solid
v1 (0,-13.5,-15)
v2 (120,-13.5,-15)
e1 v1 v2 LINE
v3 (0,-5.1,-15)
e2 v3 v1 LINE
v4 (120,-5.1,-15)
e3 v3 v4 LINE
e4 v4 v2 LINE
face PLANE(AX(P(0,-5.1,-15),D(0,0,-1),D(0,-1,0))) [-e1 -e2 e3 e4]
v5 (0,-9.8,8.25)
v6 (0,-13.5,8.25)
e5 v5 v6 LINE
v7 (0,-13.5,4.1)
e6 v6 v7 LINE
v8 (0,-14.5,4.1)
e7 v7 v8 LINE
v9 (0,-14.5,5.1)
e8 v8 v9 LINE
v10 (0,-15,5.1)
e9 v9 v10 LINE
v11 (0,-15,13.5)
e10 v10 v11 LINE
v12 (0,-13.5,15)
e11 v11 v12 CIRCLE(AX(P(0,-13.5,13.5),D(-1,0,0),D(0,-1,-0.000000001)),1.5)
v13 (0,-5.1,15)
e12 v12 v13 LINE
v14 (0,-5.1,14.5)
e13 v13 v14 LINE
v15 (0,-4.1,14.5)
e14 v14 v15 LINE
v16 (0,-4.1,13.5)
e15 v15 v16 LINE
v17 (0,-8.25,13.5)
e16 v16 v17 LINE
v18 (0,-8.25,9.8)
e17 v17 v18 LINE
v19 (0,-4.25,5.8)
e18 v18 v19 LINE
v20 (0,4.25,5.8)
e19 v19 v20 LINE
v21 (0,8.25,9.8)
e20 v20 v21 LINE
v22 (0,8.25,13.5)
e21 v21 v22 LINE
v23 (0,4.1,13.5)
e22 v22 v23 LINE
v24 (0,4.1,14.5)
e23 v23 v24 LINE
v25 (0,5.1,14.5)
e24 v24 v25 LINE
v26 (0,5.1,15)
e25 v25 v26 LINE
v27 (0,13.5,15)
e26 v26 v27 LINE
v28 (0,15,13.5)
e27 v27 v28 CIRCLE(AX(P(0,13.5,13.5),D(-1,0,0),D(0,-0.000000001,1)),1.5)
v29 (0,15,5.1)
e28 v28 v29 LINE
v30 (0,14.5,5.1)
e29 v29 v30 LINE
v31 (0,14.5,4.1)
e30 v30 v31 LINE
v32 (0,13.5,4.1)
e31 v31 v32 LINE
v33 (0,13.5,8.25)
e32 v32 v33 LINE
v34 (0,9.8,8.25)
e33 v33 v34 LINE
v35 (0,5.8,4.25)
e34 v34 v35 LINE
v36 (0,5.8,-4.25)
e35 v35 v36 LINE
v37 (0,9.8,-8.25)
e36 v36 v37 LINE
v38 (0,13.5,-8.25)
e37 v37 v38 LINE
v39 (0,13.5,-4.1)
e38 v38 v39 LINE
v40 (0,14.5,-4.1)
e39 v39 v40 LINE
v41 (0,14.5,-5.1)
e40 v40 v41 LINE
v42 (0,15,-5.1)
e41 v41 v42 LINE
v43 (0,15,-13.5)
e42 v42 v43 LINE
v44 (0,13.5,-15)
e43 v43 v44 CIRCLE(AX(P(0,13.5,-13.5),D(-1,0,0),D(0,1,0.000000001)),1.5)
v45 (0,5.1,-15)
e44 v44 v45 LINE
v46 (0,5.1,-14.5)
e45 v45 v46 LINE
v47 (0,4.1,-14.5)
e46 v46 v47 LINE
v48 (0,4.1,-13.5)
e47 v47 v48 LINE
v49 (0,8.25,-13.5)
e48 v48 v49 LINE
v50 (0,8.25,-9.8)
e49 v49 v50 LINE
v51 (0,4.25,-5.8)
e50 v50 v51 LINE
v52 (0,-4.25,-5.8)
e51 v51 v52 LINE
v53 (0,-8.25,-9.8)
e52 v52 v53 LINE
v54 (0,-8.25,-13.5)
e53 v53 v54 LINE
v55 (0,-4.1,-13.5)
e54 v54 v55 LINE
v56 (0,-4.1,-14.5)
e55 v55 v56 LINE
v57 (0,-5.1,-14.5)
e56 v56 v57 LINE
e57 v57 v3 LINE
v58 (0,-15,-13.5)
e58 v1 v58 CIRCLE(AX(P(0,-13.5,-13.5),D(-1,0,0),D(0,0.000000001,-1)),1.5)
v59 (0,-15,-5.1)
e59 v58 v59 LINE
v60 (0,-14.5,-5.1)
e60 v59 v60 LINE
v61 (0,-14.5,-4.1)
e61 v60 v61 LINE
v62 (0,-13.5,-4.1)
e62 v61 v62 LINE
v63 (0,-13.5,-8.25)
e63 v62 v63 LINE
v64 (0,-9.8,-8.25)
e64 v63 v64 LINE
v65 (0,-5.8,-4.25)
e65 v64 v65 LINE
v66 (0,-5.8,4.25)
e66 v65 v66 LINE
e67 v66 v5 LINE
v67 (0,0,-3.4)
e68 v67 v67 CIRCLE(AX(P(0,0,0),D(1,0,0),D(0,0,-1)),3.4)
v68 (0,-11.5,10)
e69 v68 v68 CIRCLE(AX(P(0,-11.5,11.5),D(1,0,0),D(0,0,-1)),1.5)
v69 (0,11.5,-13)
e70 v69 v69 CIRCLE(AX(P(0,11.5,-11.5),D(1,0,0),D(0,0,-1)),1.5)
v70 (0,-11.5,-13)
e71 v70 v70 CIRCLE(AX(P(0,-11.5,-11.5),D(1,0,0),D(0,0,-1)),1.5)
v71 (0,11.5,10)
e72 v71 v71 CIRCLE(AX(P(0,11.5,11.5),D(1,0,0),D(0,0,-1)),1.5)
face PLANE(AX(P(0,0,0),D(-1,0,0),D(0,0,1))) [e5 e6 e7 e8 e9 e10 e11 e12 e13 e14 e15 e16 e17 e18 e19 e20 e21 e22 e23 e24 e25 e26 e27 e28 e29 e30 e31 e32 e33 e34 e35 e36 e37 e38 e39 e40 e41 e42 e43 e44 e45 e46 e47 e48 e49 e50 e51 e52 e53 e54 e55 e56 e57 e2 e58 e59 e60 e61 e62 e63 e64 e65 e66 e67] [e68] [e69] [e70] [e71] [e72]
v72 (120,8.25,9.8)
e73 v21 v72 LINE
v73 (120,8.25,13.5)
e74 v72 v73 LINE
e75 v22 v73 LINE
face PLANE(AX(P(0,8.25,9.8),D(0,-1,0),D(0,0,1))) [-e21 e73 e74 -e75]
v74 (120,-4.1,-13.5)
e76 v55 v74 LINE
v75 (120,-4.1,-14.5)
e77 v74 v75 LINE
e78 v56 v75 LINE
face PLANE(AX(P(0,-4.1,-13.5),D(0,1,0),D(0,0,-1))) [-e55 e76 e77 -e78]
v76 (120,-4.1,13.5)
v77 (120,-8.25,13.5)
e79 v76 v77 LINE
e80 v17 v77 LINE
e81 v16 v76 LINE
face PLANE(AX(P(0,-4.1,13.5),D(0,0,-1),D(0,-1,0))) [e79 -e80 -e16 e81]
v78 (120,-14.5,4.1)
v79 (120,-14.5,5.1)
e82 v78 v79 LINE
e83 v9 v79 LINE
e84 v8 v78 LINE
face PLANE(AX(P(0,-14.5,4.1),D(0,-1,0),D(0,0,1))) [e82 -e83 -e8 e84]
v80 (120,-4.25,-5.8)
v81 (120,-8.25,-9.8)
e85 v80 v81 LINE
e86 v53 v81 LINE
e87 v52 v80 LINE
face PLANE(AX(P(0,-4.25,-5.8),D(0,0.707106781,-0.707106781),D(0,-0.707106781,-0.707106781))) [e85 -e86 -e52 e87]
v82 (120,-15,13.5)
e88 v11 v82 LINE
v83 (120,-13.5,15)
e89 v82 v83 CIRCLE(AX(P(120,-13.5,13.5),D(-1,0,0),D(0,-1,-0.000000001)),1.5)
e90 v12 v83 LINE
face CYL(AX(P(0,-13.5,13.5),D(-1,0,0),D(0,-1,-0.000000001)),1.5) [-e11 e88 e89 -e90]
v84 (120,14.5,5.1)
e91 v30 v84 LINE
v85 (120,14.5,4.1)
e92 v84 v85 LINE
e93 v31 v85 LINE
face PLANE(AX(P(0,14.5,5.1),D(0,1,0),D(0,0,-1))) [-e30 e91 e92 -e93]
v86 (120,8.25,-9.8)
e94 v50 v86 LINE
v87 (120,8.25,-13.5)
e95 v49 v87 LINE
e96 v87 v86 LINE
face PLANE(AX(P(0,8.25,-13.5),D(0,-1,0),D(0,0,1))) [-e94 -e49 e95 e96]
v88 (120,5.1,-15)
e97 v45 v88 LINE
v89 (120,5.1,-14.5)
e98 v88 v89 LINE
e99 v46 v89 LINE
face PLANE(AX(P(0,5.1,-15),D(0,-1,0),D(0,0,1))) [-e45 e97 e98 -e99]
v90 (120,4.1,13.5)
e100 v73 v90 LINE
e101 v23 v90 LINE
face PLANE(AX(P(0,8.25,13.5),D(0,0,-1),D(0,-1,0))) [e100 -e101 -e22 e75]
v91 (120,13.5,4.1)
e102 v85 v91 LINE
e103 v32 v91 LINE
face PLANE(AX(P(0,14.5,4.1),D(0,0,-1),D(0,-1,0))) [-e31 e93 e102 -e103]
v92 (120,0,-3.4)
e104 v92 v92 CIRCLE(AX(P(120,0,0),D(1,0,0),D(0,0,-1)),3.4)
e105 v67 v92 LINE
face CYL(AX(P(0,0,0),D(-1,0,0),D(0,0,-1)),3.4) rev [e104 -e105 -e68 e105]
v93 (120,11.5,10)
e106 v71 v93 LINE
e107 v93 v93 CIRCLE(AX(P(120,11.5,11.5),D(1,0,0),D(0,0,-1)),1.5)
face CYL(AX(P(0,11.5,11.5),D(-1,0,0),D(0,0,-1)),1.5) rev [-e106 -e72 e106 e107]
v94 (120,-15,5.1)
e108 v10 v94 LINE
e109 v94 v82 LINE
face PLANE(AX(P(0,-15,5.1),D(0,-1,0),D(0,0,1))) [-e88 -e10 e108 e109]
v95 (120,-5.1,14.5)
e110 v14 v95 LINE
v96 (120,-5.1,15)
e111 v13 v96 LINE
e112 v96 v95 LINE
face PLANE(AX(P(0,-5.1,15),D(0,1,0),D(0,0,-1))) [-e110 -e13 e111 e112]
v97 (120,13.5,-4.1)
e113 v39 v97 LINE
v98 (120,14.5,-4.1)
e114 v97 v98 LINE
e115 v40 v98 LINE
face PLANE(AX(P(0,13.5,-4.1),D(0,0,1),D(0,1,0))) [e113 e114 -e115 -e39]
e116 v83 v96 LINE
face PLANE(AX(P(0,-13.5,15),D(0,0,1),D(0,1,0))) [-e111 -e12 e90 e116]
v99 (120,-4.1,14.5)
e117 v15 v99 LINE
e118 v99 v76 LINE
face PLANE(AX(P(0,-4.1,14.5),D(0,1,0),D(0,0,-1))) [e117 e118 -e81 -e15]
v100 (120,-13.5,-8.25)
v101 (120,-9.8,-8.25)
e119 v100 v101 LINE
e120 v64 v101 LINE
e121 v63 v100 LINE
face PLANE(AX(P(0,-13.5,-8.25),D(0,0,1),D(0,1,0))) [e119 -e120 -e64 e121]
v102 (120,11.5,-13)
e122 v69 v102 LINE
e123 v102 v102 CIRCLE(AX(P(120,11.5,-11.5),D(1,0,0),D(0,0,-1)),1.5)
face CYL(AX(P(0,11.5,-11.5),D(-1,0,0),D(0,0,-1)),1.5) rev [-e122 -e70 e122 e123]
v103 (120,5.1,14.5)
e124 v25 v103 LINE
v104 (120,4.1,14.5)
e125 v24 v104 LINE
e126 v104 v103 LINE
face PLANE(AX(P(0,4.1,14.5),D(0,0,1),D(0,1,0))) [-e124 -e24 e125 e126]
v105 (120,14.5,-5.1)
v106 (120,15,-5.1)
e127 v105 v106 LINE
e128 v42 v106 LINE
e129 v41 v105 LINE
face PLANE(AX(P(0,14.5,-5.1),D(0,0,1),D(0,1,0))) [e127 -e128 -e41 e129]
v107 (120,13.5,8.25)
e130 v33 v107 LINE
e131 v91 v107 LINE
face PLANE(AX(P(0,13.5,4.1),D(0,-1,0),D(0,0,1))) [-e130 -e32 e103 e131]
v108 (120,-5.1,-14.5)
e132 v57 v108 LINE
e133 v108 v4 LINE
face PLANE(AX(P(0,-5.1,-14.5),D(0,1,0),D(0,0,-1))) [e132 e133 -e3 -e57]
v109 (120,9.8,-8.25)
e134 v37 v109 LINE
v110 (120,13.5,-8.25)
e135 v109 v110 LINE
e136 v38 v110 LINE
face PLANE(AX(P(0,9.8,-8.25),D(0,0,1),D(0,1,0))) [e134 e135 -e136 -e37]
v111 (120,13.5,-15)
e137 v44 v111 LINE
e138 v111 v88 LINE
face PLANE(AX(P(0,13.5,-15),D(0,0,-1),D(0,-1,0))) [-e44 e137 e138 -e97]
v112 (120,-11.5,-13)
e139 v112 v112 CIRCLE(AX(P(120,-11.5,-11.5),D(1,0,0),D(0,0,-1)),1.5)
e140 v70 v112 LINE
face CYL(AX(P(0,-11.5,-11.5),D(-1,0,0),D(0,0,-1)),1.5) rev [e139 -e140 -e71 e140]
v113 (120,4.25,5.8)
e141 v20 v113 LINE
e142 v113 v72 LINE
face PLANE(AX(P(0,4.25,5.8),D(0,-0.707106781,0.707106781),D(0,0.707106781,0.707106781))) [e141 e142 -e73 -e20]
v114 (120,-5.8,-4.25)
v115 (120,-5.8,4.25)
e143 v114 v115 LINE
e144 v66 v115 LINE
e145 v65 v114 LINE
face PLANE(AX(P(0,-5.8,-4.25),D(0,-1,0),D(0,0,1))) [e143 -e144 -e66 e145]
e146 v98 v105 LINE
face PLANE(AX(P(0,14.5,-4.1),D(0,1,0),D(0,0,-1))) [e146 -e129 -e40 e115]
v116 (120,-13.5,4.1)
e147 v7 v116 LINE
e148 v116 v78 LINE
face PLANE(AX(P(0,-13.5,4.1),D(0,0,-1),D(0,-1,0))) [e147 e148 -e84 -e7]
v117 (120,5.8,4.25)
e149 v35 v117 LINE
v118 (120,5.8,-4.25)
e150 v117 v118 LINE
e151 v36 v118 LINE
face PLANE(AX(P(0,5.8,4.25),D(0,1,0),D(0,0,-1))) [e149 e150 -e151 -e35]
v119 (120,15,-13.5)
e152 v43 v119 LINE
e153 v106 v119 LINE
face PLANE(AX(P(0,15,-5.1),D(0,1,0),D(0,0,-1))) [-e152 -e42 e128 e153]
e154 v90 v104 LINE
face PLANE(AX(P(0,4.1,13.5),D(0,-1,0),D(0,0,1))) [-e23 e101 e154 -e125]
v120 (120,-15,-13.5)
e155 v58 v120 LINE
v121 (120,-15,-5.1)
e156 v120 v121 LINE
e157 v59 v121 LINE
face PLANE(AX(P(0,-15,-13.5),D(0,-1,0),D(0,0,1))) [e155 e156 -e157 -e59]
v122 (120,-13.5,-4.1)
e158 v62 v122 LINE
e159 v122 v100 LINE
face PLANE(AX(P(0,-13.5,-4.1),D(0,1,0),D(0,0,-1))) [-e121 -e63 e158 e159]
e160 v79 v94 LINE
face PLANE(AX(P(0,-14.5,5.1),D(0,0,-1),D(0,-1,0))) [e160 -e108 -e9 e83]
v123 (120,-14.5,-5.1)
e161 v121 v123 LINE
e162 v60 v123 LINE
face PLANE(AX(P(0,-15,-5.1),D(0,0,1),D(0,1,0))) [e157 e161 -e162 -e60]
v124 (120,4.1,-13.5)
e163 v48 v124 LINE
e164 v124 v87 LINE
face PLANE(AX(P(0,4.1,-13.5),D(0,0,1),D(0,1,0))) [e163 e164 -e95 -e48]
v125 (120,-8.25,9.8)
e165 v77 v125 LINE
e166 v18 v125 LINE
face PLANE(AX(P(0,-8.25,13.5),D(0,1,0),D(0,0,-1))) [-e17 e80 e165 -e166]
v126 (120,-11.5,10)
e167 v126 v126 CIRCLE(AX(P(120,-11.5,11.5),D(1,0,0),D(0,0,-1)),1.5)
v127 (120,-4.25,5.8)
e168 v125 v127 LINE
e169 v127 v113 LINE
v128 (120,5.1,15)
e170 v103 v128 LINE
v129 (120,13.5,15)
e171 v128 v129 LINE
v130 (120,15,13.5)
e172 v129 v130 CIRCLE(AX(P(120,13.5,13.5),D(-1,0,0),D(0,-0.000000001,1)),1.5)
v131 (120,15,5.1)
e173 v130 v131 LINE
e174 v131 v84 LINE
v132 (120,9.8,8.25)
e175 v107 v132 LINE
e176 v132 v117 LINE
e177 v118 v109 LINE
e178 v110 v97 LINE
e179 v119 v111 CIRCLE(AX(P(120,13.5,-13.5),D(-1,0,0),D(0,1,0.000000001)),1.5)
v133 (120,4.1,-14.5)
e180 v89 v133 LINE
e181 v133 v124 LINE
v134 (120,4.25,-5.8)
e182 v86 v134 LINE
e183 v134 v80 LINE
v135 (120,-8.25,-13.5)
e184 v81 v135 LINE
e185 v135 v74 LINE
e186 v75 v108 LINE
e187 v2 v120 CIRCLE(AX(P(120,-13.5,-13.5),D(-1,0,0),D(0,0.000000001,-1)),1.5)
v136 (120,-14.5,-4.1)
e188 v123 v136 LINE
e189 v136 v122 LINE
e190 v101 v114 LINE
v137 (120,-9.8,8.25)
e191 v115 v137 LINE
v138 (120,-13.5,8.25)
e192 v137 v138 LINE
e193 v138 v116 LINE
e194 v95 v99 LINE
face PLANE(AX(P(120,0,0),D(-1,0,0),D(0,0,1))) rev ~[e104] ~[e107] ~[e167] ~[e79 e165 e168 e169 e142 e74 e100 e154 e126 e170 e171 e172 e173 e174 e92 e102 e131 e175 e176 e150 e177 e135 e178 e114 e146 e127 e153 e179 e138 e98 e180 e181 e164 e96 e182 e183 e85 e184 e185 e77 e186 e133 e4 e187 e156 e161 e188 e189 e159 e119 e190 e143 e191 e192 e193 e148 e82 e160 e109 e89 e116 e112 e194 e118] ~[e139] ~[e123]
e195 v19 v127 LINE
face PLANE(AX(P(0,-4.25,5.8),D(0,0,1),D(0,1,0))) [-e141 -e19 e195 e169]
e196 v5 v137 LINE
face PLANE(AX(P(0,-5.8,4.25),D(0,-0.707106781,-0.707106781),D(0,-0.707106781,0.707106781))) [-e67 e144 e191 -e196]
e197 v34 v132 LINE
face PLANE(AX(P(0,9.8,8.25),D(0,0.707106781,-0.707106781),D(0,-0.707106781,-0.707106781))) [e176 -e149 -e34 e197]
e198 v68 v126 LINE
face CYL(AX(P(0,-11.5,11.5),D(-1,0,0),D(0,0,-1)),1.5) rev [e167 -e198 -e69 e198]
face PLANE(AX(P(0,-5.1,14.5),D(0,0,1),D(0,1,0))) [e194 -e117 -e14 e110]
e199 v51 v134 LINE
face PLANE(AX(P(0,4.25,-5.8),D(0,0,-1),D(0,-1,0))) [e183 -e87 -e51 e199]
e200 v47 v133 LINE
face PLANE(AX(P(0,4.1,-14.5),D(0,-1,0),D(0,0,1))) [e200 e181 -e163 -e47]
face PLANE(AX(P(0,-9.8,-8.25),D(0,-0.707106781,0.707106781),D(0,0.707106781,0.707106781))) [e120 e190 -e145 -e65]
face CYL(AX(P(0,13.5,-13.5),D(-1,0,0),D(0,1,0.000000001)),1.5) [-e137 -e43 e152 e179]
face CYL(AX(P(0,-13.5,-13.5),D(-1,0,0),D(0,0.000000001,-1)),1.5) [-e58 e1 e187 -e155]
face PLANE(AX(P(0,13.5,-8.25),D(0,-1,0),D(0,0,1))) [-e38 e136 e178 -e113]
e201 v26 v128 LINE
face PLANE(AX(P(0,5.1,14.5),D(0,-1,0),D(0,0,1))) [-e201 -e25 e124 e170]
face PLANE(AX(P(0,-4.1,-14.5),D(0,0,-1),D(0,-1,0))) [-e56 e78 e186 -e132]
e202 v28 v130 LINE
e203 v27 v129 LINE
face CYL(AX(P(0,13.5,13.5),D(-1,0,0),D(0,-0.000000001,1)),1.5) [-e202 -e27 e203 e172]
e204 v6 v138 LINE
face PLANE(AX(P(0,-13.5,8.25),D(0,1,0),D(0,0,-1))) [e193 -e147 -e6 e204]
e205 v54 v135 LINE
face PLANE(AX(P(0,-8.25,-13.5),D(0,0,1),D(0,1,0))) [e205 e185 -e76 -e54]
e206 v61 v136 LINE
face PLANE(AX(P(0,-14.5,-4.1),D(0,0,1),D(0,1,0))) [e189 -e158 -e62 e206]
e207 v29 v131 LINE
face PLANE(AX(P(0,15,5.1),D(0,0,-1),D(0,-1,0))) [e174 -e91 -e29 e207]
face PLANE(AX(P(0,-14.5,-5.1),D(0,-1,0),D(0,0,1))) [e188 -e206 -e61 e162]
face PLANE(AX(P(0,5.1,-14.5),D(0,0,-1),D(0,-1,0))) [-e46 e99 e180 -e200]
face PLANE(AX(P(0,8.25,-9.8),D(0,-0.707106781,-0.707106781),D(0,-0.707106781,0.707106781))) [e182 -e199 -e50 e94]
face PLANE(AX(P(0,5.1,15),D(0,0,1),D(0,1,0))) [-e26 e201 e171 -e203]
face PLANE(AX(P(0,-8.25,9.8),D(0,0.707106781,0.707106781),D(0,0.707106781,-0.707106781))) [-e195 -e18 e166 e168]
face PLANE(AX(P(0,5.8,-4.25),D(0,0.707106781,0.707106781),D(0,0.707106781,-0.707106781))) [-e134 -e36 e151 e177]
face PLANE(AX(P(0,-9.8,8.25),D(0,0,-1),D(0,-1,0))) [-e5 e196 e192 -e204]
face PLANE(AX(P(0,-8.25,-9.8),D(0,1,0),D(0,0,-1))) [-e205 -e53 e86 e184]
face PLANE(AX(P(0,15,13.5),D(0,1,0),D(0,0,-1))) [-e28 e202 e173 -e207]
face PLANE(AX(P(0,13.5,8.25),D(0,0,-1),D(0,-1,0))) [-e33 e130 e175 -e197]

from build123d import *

# Parameters (mm, degrees)
SKETCH12_R               = 3.4
SKETCH12_R_2             = 1.5
F_30X_30G_X_R1_5_1_DEPTH = 120


with BuildPart() as part:
    # Sketch12 → 铝型材 30X 30G X R1.5(1) (new body)
    with BuildSketch(Plane(origin=(0, 0, 0), x_dir=(0, 0, -1), z_dir=(1, 0, 0))):
        with BuildLine():
            Line((-5.1, 15), (-5.1, 14.5))
            Line((-5.1, 14.5), (-4.1, 14.5))
            Line((-4.1, 14.5), (-4.1, 13.5))
            Line((-4.1, 13.5), (-8.25, 13.5))
            Line((-8.25, 13.5), (-8.25, 9.8))
            Line((-8.25, 9.8), (-4.25, 5.8))
            Line((-4.25, 5.8), (4.25, 5.8))
            Line((4.25, 5.8), (8.25, 9.8))
            Line((8.25, 9.8), (8.25, 13.5))
            Line((8.25, 13.5), (4.1, 13.5))
            Line((4.1, 13.5), (4.1, 14.5))
            Line((4.1, 14.5), (5.1, 14.5))
            Line((5.1, 14.5), (5.1, 15))
            Line((5.1, 15), (13.5, 15))
            ThreePointArc((13.5, 15), (14.560660172, 14.560660172), (15, 13.5))
            Line((15, 13.5), (15, 5.1))
            Line((15, 5.1), (14.5, 5.1))
            Line((14.5, 5.1), (14.5, 4.1))
            Line((14.5, 4.1), (13.5, 4.1))
            Line((13.5, 4.1), (13.5, 8.25))
            Line((13.5, 8.25), (9.8, 8.25))
            Line((9.8, 8.25), (5.8, 4.25))
            Line((5.8, 4.25), (5.8, -4.25))
            Line((5.8, -4.25), (9.8, -8.25))
            Line((9.8, -8.25), (13.5, -8.25))
            Line((13.5, -8.25), (13.5, -4.1))
            Line((13.5, -4.1), (14.5, -4.1))
            Line((14.5, -4.1), (14.5, -5.1))
            Line((14.5, -5.1), (15, -5.1))
            Line((15, -5.1), (15, -13.5))
            ThreePointArc((15, -13.5), (14.560660172, -14.560660172), (13.5, -15))
            Line((13.5, -15), (5.1, -15))
            Line((5.1, -15), (5.1, -14.5))
            Line((5.1, -14.5), (4.1, -14.5))
            Line((4.1, -14.5), (4.1, -13.5))
            Line((4.1, -13.5), (8.25, -13.5))
            Line((8.25, -13.5), (8.25, -9.8))
            Line((8.25, -9.8), (4.25, -5.8))
            Line((4.25, -5.8), (-4.25, -5.8))
            Line((-4.25, -5.8), (-8.25, -9.8))
            Line((-8.25, -9.8), (-8.25, -13.5))
            Line((-8.25, -13.5), (-4.1, -13.5))
            Line((-4.1, -13.5), (-4.1, -14.5))
            Line((-4.1, -14.5), (-5.1, -14.5))
            Line((-5.1, -14.5), (-5.1, -15))
            Line((-5.1, -15), (-13.5, -15))
            ThreePointArc((-13.5, -15), (-14.560660172, -14.560660172), (-15, -13.5))
            Line((-15, -13.5), (-15, -5.1))
            Line((-15, -5.1), (-14.5, -5.1))
            Line((-14.5, -5.1), (-14.5, -4.1))
            Line((-14.5, -4.1), (-13.5, -4.1))
            Line((-13.5, -4.1), (-13.5, -8.25))
            Line((-13.5, -8.25), (-9.8, -8.25))
            Line((-9.8, -8.25), (-5.8, -4.25))
            Line((-5.8, -4.25), (-5.8, 4.25))
            Line((-5.8, 4.25), (-9.8, 8.25))
            Line((-9.8, 8.25), (-13.5, 8.25))
            Line((-13.5, 8.25), (-13.5, 4.1))
            Line((-13.5, 4.1), (-14.5, 4.1))
            Line((-14.5, 4.1), (-14.5, 5.1))
            Line((-14.5, 5.1), (-15, 5.1))
            Line((-15, 5.1), (-15, 13.5))
            ThreePointArc((-15, 13.5), (-14.560660172, 14.560660172), (-13.5, 15))
            Line((-13.5, 15), (-5.1, 15))
        make_face()
        Circle(SKETCH12_R, mode=Mode.SUBTRACT)
        with Locations((-11.5, 11.5)):
            Circle(SKETCH12_R_2, mode=Mode.SUBTRACT)
        with Locations((11.5, 11.5)):
            Circle(SKETCH12_R_2, mode=Mode.SUBTRACT)
        with Locations((-11.5, -11.5)):
            Circle(SKETCH12_R_2, mode=Mode.SUBTRACT)
        with Locations((11.5, -11.5)):
            Circle(SKETCH12_R_2, mode=Mode.SUBTRACT)
    extrude(amount=F_30X_30G_X_R1_5_1_DEPTH)


solid = part.part
